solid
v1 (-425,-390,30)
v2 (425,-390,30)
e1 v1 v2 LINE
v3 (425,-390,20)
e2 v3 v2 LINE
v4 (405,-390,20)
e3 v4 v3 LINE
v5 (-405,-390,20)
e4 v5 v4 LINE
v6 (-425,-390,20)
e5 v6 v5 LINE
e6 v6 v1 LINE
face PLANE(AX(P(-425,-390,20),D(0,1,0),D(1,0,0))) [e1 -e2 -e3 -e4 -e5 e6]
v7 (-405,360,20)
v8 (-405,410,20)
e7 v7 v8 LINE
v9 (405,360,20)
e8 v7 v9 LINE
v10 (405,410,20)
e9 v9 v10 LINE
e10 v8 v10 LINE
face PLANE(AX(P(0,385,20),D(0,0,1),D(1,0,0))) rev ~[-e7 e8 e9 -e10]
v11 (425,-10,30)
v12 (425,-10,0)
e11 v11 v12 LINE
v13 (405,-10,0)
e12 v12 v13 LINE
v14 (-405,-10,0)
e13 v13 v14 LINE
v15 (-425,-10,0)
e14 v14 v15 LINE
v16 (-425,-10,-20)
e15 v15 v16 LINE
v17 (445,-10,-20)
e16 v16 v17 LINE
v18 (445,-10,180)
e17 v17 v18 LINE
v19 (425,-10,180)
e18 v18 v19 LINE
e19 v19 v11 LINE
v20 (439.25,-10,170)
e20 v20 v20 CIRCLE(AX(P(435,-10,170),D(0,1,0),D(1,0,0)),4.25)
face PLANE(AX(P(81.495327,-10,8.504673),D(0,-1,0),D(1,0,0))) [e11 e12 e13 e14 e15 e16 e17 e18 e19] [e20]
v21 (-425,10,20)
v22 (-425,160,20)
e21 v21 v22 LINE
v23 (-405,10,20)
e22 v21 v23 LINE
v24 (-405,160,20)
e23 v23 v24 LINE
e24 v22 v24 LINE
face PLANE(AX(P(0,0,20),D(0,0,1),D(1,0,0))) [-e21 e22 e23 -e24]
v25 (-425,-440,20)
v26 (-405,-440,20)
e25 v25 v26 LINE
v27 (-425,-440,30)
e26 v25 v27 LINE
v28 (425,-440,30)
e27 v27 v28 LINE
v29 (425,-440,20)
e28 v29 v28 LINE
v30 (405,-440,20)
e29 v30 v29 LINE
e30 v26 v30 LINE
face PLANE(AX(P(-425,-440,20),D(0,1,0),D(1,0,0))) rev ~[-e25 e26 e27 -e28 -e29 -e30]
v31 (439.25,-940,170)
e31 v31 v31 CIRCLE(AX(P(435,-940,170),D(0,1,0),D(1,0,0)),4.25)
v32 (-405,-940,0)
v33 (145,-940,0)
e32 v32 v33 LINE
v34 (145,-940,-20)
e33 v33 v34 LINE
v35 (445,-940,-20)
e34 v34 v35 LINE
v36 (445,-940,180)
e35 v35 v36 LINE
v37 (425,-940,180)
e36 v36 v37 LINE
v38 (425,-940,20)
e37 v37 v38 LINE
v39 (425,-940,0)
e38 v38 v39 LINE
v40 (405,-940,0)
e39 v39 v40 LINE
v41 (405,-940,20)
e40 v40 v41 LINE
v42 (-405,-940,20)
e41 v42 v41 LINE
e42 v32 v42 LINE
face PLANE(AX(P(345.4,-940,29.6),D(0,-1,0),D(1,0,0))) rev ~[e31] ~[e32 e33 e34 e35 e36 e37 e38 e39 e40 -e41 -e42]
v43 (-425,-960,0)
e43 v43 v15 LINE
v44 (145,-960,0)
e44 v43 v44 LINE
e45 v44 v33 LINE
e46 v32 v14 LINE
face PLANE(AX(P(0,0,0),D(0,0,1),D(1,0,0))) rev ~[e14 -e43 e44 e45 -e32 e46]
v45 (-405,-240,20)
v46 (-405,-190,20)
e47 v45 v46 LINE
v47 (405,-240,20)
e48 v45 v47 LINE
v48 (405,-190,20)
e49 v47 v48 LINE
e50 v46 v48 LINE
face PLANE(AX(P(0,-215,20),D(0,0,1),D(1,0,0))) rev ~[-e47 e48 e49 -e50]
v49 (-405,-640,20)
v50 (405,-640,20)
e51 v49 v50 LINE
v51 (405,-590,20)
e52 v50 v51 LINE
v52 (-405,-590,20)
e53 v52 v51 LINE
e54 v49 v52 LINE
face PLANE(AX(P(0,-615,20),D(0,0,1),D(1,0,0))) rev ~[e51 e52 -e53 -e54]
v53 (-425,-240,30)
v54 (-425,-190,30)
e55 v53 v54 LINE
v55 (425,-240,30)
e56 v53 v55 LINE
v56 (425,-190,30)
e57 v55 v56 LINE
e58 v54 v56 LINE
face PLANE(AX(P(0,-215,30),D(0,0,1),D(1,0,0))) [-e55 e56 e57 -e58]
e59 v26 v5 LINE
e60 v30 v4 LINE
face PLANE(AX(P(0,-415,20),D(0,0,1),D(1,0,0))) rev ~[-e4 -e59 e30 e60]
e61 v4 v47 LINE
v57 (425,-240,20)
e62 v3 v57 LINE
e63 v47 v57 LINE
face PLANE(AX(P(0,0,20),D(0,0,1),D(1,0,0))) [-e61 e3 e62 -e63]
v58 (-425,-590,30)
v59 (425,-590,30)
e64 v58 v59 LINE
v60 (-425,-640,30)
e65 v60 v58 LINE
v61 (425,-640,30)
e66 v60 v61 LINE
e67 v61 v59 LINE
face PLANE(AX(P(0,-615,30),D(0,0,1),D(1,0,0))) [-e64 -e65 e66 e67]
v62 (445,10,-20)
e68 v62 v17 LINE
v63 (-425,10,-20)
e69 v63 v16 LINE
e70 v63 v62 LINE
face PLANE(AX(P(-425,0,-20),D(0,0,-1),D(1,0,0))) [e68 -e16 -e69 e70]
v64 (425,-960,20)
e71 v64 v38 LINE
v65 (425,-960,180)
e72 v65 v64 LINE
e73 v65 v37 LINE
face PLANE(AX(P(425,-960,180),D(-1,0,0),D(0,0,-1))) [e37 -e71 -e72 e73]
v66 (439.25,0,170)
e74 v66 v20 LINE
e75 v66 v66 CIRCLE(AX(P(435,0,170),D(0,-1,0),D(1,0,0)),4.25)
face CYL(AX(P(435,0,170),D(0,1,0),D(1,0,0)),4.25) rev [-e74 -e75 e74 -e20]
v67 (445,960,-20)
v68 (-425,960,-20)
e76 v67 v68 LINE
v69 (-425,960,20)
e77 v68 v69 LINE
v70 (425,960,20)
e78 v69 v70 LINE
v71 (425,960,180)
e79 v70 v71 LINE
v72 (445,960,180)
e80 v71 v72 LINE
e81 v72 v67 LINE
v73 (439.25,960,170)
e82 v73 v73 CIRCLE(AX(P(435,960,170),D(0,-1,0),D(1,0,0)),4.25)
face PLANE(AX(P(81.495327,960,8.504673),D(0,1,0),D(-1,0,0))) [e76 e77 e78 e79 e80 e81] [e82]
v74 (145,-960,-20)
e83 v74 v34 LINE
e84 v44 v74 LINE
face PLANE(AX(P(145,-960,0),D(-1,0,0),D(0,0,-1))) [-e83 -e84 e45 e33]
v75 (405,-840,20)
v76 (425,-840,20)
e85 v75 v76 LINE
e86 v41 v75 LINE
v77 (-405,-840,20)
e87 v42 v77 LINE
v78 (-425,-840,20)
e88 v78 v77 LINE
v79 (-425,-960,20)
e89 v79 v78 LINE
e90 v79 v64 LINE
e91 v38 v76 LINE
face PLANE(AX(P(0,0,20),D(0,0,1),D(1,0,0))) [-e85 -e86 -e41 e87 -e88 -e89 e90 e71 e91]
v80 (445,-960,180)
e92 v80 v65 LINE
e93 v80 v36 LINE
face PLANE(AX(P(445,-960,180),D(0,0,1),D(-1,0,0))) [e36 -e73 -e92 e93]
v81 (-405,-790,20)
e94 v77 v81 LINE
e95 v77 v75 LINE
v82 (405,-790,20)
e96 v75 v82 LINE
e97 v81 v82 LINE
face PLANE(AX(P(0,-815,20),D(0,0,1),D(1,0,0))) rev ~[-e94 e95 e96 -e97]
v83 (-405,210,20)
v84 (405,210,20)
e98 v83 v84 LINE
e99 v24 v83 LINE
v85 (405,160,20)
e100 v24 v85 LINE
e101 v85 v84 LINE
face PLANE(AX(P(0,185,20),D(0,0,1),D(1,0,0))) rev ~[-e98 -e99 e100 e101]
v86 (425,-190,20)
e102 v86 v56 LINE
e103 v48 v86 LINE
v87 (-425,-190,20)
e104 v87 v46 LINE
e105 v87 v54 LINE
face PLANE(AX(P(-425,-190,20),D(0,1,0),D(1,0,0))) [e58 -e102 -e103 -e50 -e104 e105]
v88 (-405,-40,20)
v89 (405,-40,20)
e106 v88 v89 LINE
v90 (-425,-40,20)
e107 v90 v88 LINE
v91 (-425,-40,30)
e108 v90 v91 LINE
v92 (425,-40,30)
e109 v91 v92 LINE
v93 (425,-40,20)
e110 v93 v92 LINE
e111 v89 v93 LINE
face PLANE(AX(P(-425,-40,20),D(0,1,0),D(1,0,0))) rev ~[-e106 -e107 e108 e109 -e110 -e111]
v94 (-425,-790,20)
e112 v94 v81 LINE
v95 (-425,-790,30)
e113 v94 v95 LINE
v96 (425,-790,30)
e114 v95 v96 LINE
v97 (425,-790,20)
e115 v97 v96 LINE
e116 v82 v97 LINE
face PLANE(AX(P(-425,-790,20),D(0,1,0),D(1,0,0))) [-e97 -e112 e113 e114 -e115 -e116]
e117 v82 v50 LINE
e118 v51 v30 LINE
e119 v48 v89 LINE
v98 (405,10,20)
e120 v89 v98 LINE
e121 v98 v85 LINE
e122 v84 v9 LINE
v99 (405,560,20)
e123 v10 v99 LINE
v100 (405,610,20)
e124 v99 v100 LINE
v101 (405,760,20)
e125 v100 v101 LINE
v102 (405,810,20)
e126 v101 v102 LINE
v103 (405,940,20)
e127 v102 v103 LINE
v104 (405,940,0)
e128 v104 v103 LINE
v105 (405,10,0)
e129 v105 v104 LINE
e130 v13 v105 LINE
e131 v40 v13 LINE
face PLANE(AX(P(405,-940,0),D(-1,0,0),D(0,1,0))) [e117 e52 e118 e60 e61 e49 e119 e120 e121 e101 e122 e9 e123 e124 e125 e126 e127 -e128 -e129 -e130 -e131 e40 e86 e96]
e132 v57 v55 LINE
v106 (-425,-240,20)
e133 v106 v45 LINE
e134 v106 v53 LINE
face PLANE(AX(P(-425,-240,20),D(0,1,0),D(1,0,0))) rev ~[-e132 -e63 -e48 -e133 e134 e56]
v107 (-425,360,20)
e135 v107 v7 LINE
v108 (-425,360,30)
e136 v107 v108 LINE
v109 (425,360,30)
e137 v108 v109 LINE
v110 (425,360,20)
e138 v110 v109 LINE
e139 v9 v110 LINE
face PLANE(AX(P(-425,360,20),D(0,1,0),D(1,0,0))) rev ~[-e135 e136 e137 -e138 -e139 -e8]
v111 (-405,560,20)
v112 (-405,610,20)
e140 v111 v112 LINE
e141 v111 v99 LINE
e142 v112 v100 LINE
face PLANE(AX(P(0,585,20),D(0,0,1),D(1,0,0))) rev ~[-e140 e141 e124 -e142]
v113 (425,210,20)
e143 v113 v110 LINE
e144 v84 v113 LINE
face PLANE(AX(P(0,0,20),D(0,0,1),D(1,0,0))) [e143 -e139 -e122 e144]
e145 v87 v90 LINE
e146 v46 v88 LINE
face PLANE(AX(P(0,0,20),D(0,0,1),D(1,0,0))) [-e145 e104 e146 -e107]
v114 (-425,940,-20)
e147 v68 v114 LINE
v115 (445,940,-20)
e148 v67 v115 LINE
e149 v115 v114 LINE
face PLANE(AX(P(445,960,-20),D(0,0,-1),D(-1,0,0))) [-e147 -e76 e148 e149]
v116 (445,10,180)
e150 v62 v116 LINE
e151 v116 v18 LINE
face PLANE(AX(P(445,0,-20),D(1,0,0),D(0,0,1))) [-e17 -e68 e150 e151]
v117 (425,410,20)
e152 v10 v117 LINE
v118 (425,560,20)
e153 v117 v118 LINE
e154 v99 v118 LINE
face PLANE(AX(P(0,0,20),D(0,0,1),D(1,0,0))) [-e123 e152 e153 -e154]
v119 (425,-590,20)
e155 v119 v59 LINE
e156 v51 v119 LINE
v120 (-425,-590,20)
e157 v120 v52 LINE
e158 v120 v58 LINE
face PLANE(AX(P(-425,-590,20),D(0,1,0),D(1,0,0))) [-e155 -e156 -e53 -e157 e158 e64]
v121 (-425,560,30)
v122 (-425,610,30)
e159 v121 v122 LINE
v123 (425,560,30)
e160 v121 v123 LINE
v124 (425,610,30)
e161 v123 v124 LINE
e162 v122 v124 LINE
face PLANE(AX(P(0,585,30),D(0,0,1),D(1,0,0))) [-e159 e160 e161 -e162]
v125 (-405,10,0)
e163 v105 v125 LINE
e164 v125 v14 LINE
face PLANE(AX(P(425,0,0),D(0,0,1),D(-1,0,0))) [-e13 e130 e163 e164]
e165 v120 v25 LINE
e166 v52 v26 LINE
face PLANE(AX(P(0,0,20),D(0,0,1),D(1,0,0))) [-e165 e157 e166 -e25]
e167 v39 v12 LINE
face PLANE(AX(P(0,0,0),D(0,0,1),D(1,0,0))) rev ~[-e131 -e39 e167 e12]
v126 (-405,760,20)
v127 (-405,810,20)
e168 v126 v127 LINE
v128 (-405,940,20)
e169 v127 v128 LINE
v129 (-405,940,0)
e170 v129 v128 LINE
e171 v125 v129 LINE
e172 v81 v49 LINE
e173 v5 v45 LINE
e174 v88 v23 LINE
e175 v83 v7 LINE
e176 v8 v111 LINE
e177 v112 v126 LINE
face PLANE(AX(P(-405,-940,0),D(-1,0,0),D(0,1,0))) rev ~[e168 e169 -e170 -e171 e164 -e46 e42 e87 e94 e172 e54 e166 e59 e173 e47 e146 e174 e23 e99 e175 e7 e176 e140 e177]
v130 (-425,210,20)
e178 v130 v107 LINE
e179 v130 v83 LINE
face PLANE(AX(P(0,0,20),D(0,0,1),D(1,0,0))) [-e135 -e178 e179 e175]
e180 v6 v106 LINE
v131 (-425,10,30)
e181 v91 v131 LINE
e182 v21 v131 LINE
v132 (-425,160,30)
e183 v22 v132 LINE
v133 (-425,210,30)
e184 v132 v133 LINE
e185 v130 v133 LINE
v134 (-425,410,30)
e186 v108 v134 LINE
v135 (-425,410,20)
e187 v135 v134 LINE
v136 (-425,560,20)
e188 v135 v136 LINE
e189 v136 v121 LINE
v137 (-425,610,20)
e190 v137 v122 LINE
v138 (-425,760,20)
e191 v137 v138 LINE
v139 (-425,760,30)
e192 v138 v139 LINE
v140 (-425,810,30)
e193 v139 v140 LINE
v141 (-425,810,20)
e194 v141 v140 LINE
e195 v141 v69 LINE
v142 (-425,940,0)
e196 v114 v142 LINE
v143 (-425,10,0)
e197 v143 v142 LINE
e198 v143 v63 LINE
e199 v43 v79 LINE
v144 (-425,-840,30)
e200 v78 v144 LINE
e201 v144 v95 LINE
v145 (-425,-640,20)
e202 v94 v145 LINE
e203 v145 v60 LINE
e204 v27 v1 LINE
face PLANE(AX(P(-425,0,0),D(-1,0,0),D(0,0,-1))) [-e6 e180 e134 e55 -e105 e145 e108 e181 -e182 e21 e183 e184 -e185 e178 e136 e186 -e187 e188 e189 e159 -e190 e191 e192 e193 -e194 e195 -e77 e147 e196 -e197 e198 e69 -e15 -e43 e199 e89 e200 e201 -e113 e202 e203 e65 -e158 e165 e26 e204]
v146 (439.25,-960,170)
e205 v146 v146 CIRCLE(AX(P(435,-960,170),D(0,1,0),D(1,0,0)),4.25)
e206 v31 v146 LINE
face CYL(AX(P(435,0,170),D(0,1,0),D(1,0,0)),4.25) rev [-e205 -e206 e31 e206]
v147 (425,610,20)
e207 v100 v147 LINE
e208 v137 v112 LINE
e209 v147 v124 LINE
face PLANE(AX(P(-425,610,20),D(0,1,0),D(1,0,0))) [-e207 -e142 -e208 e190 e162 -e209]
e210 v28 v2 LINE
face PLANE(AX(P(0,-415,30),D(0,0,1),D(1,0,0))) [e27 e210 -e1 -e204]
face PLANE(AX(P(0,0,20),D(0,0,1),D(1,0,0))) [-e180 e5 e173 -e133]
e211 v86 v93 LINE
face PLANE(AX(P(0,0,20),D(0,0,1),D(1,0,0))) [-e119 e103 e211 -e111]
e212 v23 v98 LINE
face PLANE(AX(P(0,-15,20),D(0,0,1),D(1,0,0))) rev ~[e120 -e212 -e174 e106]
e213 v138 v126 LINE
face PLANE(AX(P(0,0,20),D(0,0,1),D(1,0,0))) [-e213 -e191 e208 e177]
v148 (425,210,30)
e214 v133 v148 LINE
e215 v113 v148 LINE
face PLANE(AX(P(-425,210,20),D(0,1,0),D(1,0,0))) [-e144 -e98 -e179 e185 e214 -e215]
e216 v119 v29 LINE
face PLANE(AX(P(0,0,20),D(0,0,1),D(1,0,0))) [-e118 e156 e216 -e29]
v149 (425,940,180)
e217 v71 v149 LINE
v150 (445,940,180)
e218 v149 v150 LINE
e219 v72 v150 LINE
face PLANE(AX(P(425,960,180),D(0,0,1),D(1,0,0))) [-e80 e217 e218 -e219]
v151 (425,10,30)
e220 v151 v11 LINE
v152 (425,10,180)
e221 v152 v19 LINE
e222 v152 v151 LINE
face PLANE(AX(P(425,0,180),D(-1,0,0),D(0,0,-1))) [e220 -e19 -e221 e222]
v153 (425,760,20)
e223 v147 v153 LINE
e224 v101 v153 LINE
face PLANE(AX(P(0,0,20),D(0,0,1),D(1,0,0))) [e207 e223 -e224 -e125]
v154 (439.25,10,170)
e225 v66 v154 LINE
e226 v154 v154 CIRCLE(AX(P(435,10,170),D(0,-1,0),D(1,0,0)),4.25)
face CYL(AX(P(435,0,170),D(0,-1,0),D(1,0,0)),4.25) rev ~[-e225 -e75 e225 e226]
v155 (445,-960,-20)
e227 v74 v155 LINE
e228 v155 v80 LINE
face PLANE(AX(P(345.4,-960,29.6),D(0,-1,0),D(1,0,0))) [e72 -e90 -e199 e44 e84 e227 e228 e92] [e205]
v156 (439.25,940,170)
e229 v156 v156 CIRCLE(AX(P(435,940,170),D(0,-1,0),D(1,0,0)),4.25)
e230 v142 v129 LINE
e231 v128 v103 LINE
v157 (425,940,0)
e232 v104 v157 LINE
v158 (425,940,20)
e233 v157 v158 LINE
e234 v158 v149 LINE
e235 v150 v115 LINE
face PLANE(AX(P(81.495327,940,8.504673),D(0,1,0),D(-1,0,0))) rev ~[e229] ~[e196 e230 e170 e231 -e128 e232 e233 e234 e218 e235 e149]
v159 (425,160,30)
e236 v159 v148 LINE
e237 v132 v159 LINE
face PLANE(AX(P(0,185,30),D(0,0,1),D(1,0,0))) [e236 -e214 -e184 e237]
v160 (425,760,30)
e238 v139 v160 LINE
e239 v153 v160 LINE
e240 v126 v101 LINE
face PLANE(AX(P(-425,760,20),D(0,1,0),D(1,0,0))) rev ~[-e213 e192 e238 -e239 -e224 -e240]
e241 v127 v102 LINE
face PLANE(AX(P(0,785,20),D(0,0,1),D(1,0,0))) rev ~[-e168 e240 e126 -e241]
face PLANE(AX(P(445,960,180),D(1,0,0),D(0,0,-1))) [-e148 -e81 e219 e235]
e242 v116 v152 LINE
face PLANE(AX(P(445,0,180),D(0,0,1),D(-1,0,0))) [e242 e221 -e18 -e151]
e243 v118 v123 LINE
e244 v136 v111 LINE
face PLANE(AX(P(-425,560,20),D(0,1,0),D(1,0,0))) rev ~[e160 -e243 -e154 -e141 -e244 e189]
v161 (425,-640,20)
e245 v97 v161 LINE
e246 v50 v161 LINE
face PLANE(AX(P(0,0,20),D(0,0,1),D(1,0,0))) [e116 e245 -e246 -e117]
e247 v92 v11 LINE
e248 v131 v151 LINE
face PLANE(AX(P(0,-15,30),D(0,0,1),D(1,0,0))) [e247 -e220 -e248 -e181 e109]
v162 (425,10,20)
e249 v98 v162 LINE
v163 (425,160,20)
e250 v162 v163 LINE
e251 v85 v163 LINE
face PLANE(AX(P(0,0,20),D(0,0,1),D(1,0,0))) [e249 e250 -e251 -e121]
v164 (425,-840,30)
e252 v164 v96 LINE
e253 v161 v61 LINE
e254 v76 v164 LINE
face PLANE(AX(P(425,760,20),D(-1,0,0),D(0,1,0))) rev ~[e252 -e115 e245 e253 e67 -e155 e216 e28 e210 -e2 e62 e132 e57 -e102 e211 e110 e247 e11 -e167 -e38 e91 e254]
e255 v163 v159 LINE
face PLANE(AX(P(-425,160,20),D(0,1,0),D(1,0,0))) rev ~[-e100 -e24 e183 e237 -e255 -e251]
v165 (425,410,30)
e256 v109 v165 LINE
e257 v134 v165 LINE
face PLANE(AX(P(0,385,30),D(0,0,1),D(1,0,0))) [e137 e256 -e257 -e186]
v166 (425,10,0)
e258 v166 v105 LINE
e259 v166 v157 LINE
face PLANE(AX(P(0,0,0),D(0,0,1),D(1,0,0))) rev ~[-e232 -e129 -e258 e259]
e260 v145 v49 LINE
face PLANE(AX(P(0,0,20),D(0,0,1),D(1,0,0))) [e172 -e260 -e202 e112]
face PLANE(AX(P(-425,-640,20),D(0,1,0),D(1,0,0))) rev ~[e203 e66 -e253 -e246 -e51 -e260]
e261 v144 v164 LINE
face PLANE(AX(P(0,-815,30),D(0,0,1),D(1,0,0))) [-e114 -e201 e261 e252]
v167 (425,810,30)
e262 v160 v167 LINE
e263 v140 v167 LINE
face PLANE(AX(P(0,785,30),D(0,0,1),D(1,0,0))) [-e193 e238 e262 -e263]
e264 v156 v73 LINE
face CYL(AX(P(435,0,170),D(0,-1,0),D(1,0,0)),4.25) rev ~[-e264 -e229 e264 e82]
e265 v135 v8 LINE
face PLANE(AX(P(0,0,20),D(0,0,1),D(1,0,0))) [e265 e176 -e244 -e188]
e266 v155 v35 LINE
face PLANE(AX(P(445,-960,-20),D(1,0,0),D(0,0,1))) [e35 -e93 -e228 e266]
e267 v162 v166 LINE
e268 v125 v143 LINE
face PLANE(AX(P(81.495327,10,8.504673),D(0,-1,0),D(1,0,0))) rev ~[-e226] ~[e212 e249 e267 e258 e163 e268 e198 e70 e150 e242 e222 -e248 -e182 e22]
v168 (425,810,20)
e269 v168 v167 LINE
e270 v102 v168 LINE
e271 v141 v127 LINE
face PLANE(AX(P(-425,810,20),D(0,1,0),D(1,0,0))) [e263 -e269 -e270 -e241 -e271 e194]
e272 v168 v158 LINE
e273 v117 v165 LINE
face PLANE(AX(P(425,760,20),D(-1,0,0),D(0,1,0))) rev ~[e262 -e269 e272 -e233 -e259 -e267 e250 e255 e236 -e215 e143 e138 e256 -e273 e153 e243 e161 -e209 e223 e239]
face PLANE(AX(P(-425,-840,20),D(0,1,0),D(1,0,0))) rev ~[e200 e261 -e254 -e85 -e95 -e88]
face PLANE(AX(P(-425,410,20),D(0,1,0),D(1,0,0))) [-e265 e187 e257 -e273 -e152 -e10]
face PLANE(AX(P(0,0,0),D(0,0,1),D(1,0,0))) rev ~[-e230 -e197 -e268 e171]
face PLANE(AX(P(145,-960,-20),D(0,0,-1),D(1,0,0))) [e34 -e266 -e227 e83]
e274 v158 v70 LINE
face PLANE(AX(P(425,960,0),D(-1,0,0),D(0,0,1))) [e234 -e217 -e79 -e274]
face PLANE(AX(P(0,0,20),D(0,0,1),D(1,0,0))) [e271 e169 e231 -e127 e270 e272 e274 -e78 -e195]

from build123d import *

# Parameters (mm, degrees)
F0_W           = 850
F0_H           = 1920
F0_W_2         = 810
F0_H_2         = 1880
F1_DEPTH       = 20
F2_W           = 850
F2_H           = 50
F3_DEPTH       = 10
F6_DEPTH       = 20
F8_DEPTH       = 10
F8_DEPTH_BACK  = 10
F10_DEPTH      = 20
F11_R          = 4.25
F12_DEPTH      = 960.001
F12_DEPTH_BACK = 960.001


with BuildPart() as f1:
    # F0 (on Top) → F1 (new body)
    with BuildSketch(Plane.XY):
        Rectangle(F0_W, F0_H)
        Rectangle(F0_W_2, F0_H_2, mode=Mode.SUBTRACT)
    extrude(amount=F1_DEPTH)

    # F2 (on face) → F3 (join)
    with BuildSketch(Plane.XY.offset(20)):
        with Locations((0, 785)):
            Rectangle(F2_W, F2_H)
        with Locations((0, 585)):
            Rectangle(F2_W, F2_H)
        with Locations((0, 385)):
            Rectangle(F2_W, F2_H)
        with Locations((0, 185)):
            Rectangle(F2_W, F2_H)
        with Locations((0, -15)):
            Rectangle(F2_W, F2_H)
        with Locations((0, -215)):
            Rectangle(F2_W, F2_H)
        with Locations((0, -415)):
            Rectangle(F2_W, F2_H)
        with Locations((0, -615)):
            Rectangle(F2_W, F2_H)
        with Locations((0, -815)):
            Rectangle(F2_W, F2_H)
    extrude(amount=F3_DEPTH)

    # F5 (on face) → F6 (join)
    with BuildSketch(Plane.XZ.offset(960)):
        Polygon((445, 180), (425, 180), (425, 0), (145, 0), (145, -20), (445, -20), align=None)
    extrude(amount=-F6_DEPTH)

    # F7 (on Front) → F8 (join, two sides)
    with BuildSketch(Plane.XZ) as f8_sk:
        Polygon((425, 0), (-425, 0), (-425, -20), (445, -20), (445, 180), (425, 180), align=None)
    extrude(amount=F8_DEPTH)
    extrude(f8_sk.sketch, amount=-F8_DEPTH_BACK)

    # F9 (on face) → F10 (join)
    with BuildSketch(Plane(origin=(0, 960, 0), x_dir=(-1, 0, 0), z_dir=(0, 1, 0))):
        Polygon((425, 0), (-425, 0), (-425, 180), (-445, 180), (-445, -20), (425, -20), align=None)
    extrude(amount=-F10_DEPTH)

    # F11 (on Front) → F12 (cut, two sides)
    with BuildSketch(Plane.XZ) as f12_sk:
        with Locations((435, 170)):
            Circle(F11_R)
    extrude(amount=-F12_DEPTH, mode=Mode.SUBTRACT)
    extrude(f12_sk.sketch, amount=F12_DEPTH_BACK, mode=Mode.SUBTRACT)


solid = f1.part
